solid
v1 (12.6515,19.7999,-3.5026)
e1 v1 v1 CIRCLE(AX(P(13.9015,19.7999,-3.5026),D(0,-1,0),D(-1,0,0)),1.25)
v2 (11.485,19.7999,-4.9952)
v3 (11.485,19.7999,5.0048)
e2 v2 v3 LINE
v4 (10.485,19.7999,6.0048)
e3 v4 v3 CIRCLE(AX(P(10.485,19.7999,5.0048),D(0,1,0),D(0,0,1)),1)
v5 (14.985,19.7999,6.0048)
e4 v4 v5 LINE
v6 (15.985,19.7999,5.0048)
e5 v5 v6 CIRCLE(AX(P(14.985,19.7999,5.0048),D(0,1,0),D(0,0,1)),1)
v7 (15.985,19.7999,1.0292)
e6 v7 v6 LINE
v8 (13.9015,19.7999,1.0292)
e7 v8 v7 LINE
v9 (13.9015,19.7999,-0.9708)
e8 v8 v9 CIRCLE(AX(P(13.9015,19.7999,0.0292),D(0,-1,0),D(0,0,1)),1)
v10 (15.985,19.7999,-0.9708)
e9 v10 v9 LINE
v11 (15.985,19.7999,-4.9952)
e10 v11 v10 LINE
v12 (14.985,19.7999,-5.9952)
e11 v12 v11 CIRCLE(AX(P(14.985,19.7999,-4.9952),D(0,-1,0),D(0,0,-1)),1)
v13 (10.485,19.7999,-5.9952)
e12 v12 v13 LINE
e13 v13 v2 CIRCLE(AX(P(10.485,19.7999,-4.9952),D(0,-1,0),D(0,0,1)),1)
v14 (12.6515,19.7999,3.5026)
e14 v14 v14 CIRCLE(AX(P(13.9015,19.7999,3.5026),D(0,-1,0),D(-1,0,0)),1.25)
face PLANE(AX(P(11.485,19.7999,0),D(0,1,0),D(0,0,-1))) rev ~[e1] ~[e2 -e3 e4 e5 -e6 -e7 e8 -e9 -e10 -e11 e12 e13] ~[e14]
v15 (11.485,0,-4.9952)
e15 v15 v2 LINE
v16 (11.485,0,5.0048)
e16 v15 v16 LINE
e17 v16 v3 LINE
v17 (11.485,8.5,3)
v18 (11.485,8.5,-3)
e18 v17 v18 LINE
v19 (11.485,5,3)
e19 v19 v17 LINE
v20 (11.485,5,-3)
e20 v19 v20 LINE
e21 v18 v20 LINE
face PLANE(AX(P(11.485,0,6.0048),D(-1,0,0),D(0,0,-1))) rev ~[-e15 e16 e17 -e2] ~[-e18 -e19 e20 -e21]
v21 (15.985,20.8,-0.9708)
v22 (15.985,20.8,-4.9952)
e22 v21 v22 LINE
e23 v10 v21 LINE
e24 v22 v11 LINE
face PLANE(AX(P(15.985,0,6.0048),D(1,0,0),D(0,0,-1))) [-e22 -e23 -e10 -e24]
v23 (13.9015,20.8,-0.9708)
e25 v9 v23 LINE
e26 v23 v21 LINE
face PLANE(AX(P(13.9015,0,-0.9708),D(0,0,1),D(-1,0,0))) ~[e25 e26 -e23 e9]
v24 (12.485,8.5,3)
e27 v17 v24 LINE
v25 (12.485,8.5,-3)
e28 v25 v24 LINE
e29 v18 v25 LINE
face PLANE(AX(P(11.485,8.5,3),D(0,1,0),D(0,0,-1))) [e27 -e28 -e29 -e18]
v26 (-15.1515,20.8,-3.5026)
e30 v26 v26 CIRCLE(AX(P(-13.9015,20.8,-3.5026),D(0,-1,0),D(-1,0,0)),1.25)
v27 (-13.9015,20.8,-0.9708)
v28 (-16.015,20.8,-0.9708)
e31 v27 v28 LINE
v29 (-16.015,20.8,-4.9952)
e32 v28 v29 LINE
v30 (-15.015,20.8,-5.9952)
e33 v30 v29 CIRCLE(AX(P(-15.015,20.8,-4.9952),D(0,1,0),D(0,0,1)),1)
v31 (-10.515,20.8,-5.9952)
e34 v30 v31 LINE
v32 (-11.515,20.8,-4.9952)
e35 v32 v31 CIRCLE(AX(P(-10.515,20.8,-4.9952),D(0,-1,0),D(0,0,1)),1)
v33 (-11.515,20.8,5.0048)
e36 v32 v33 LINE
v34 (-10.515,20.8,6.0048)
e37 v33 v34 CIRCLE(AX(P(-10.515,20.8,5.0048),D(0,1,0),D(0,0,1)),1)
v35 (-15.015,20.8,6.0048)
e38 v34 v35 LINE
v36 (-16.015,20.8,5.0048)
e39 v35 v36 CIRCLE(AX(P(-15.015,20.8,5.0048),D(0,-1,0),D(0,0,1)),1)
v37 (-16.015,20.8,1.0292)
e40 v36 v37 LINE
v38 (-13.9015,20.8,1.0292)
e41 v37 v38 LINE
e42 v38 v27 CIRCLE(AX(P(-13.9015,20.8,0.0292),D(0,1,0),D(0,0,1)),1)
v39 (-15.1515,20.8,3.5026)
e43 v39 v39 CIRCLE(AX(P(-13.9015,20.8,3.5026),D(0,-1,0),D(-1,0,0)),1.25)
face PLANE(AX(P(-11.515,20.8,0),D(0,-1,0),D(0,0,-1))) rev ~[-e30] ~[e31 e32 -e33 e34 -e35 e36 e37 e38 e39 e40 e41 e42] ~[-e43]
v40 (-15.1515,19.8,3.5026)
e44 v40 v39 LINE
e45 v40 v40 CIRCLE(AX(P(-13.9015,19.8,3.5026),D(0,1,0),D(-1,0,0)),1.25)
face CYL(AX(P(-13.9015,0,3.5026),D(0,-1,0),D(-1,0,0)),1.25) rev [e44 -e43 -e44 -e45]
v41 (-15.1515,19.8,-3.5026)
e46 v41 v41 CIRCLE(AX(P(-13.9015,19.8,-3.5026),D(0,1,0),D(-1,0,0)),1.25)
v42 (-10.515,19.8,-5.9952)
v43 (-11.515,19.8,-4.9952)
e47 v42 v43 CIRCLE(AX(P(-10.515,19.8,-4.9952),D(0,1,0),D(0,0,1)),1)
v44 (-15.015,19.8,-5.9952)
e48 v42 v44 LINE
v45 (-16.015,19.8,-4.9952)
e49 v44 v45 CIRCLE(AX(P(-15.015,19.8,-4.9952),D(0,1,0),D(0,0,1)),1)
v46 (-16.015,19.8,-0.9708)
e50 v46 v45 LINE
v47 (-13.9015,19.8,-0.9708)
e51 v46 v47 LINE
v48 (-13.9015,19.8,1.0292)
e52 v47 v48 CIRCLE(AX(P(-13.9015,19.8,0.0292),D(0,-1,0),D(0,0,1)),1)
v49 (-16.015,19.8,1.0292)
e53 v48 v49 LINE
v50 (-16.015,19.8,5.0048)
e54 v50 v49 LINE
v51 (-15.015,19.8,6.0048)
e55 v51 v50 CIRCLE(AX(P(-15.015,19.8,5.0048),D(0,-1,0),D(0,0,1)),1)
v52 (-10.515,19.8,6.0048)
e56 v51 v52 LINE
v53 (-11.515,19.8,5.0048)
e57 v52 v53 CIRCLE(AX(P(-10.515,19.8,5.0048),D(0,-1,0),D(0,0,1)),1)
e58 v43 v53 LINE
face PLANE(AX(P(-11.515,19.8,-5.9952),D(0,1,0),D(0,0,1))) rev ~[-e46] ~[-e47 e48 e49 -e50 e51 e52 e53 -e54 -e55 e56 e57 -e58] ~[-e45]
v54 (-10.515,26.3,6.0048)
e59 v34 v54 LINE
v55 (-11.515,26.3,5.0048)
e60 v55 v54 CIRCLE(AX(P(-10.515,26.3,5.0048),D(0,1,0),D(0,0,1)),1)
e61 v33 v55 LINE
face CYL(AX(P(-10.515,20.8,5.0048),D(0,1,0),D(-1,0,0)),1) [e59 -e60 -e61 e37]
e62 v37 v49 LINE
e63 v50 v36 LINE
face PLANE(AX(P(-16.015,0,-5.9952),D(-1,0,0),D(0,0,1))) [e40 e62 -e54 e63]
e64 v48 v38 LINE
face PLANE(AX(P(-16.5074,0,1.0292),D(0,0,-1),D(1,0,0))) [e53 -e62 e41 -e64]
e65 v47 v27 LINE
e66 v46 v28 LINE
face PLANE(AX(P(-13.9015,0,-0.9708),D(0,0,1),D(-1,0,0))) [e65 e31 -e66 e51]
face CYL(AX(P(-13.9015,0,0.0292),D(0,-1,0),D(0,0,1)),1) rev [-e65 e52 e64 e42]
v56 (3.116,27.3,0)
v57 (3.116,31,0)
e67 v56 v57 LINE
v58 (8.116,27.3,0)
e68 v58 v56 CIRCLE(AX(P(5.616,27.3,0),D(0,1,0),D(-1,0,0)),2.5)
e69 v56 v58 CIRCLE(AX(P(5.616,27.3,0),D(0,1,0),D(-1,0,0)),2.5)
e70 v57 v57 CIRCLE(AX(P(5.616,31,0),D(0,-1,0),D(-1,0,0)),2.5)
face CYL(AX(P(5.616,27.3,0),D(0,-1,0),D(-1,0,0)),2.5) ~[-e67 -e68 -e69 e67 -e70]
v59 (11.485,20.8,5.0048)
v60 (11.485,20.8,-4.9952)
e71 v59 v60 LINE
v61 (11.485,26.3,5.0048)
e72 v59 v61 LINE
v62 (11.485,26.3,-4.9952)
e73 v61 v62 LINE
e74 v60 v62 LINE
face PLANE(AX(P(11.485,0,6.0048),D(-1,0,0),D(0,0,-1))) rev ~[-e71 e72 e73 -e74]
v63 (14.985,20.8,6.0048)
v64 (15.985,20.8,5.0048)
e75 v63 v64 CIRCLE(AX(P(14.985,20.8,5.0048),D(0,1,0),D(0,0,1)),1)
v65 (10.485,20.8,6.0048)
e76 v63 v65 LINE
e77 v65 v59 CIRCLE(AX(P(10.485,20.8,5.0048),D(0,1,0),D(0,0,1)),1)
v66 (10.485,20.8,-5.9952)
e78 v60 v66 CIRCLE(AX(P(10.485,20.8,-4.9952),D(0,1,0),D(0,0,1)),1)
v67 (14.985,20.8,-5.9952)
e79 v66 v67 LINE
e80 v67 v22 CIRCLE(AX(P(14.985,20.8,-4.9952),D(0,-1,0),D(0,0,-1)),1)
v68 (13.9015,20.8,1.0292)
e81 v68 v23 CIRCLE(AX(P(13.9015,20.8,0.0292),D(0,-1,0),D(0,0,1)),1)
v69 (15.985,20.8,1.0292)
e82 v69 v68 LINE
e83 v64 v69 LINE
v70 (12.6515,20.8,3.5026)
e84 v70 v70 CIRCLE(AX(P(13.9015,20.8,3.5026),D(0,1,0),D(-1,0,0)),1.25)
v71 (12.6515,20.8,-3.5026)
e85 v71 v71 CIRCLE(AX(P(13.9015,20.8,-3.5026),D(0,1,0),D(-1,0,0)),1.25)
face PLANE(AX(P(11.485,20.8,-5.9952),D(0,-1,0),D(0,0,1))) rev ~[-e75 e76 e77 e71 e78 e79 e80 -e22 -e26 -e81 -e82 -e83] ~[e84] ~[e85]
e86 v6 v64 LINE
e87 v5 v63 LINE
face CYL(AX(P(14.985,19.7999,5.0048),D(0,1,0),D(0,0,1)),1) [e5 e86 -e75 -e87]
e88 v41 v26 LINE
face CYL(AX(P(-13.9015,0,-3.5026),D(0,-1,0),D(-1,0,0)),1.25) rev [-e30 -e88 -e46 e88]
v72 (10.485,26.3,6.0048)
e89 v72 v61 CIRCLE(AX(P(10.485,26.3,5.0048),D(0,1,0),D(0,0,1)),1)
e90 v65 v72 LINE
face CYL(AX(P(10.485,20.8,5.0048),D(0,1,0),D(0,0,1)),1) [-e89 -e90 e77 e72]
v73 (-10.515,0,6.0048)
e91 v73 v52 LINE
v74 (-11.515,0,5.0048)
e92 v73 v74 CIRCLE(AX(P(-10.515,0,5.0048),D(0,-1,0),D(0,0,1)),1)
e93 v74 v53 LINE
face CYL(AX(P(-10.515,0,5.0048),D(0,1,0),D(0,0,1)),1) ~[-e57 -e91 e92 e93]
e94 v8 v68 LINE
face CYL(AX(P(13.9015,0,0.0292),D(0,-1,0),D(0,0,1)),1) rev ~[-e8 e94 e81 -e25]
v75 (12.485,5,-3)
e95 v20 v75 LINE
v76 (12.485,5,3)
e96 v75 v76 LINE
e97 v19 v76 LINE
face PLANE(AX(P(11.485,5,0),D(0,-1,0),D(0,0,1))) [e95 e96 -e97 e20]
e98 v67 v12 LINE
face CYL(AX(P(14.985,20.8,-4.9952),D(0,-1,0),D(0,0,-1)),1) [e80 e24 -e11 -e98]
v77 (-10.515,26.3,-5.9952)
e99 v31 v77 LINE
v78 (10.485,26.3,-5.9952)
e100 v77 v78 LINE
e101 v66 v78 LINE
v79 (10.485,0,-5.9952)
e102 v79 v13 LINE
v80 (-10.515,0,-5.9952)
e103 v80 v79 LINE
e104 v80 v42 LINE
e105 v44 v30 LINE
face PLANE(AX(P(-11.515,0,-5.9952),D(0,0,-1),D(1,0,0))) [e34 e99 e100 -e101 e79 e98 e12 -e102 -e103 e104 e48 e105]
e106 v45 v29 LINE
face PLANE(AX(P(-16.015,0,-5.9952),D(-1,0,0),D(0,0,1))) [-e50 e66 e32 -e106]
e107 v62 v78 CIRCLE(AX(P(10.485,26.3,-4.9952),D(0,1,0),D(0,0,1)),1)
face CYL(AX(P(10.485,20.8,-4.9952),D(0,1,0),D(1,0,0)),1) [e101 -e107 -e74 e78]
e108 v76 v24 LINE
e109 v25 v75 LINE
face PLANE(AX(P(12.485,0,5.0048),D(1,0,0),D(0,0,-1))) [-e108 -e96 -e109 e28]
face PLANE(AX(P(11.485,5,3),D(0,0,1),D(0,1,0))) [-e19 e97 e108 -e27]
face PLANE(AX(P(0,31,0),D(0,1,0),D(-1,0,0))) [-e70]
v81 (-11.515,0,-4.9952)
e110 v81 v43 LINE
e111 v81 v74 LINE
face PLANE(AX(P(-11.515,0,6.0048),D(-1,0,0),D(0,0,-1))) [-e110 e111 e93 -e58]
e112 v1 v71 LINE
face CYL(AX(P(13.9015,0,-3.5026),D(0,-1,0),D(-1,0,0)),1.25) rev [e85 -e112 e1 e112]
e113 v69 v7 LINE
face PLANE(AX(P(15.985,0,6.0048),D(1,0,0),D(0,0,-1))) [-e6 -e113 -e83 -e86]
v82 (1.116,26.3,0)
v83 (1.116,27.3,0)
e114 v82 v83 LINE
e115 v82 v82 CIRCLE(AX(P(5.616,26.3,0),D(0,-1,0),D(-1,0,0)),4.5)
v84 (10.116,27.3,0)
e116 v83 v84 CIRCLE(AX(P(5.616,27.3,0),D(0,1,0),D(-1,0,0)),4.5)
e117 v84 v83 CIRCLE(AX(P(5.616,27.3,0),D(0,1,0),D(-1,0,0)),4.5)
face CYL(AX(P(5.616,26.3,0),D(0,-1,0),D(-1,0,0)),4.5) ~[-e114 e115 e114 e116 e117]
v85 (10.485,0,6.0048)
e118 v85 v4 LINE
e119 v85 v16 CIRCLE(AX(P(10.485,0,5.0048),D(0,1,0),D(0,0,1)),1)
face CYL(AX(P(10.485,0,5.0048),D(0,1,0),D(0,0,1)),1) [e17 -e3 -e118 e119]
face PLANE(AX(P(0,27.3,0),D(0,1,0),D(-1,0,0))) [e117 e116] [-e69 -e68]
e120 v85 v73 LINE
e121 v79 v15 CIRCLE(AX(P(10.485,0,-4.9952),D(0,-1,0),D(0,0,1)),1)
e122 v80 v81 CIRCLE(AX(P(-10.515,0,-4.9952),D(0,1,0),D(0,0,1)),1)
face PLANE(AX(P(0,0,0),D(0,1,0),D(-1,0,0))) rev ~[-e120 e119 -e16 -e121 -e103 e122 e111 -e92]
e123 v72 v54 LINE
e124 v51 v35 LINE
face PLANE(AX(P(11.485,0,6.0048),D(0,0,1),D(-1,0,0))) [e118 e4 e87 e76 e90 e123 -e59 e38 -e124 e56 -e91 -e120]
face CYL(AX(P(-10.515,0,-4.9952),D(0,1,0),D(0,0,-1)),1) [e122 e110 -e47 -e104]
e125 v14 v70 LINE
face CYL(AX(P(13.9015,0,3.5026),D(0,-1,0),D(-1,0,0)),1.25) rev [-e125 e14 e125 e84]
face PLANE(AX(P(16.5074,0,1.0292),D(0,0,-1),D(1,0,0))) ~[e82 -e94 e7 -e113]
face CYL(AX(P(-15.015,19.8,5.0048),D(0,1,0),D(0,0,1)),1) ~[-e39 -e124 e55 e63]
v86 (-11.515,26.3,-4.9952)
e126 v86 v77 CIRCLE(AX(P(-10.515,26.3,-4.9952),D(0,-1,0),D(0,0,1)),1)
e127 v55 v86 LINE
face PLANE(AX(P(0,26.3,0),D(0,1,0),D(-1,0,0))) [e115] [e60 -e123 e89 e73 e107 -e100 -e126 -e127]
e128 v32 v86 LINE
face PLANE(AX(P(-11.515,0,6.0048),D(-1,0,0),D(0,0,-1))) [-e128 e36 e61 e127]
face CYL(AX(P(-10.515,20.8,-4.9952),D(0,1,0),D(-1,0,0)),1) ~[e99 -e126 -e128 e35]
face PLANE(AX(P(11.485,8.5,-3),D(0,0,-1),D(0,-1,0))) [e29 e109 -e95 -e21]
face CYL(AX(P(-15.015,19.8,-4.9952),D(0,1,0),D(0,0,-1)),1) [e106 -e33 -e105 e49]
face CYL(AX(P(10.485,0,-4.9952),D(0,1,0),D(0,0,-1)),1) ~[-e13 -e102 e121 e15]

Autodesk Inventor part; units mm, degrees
ref_plane "YZ Plane" through (0, 0, 0) normal (1, 0, 0) x (0, 1, 0)
ref_plane "XZ Plane" through (0, 0, 0) normal (0, 1, 0) x (-1, 0, 0)
ref_plane "XY Plane" through (0, 0, 0) normal (0, 0, 1) x (1, 0, 0)
sketch "Sketch1" plane through (0, 0, 0) normal (0, 0, 1) x (1, 0, 0)
  line L0 (-35.5537, 46.3091) -> (69.62, 46.3091) construction
  line L1 (69.62, 46.3091) -> (69.62, -40.915) construction
  line L2 (69.62, -40.915) -> (-35.5537, -40.915) construction
  line L3 (-35.5537, -40.915) -> (-35.5537, 46.3091) construction
  line L4 (-11.5, -3.1187) -> (11.5, -3.1187)
  point P0 (0, 0)
  point P1 (0, 0)
  dimension "d19" = 23
sketch "Sketch5" plane through (0, 0, 0) normal (0, 1, 0) x (-1, 0, 0)
  line L0 (-51.6883, 69.5392) -> (52.6581, 69.5392) construction
  line L1 (52.6581, 69.5392) -> (52.6581, -16.9988) construction
  line L2 (52.6581, -16.9988) -> (-51.6883, -16.9988) construction
  line L3 (-51.6883, -16.9988) -> (-51.6883, 69.5392) construction
  line L4 (16, 8.395) -> (-16, 8.395)
  circle A0 centre (-5.616, 0) radius 2.5
  circle A1 centre (-5.616, 0) radius 4.5
  circle A2 centre (-13.9015, 3.5026) radius 1.25
  line L5 (-5.616, 0) -> (-20.9236, 0)
  circle A3 centre (-13.9015, -3.5026) radius 1.25
  line L6 (0, 0) -> (0, -9.2667)
  circle A4 centre (13.9015, 3.5026) radius 1.25
  circle A5 centre (13.9015, -3.5026) radius 1.25
  line L7 (13.9015, -3.5026) -> (13.9015, 3.5026)
  arc A6 (13.9015, 1.0292) -> (13.9015, -0.9708) centre (13.9015, 0.0292) ccw
  line L8 (13.9015, -0.9708) -> (16.5074, -0.9708)
  line L9 (16.5074, 1.0292) -> (13.9015, 1.0292)
  line L10 (16.5074, -0.9708) -> (16.5074, 1.0292)
  point P0 (0, 8.395)
  dimension "d30" = 32
  dimension "d57" = 9
  dimension "d58" = 5
  dimension "d63" = 2.5
  dimension "d83" = 2
  dimension "d84" = 1
sketch "Sketch6" plane through (0, 0, 0) normal (0, 1, 0) x (-1, 0, 0)
  line L0 (11.515, 6.0048) -> (11.515, -5.9952)
  line L1 (11.515, 0.0048) -> (-11.485, 0.0048)
  line L2 (11.515, -5.9952) -> (11.515, 6.0048)
  line L3 (-11.485, 6.0048) -> (-11.485, -5.9952)
  line L4 (11.515, -5.9952) -> (-11.485, -5.9952)
  line L5 (-11.485, 6.0048) -> (11.515, 6.0048)
  point P0 (0, 0)
  point P1 (9.3248, 11.448)
  point P2 (-11.485, 0.0048)
  dimension "d42" = 12
  dimension "d43" = 23
  dimension "d44" = 12
extrude "Extrusion1" add sketch "Sketch6" along normal blind 26.3
extrude "Extrusion2" add sketch "Sketch5" along normal blind 1 from surface at 26.3 contours A0 | A1
sketch "Sketch7" plane through (-11.515, 0, -5.9952) normal (-1, 0, 0) x (0, 0, 1)
  line L0 (5.9952, 0) -> (5.9952, 19.8)
  line L1 (5.9952, 19.8) -> (5.9952, 20.8)
  line L2 (0, 0) -> (0, 26.3) projected
  line L3 (0, 19.8) -> (12, 19.8)
  line L4 (12, 0) -> (12, 26.3) projected
  line L5 (12, 20.8) -> (0, 20.8)
  line L6 (0, 20.8) -> (0, 19.8)
  dimension "d49" = 19.8
  dimension "d50" = 1
extrude "Extrusion3" add sketch "Sketch7" along normal blind 4.5
sketch "Sketch8" plane through (11.485, 0, 6.0048) normal (1, 0, 0) x (0, 0, -1)
  line L0 (6.0048, 0) -> (6.0048, 19.8)
  line L1 (6.0048, 19.8) -> (6.0048, 20.8)
  line L2 (0, 0) -> (0, 26.3) projected
  line L3 (0, 19.7999) -> (12, 19.7999)
  line L4 (12, 20.8) -> (12, 19.8) projected
  line L5 (12, 19.7999) -> (12, 20.8)
  line L6 (12, 20.8) -> (0, 20.8)
  line L7 (0, 20.8) -> (0, 19.7999)
  dimension "d53" = 19.8
  dimension "d54" = 1
extrude "Extrusion4" add sketch "Sketch8" along normal blind 4.5
extrude "Extrusion5" add sketch "Sketch5" along normal blind 3.7 from surface at 27.3 contours A0
fillet "Fillet1" radius 1 12 edges at (11.485, 9.8999, 6.0048) (11.485, 9.8999, -5.9952) (-11.515, 9.9, -5.9952) (-11.515, 23.55, -5.9952) (-11.515, 23.55, 6.0048) (-11.515, 9.9, 6.0048) (-16.015, 20.3, 6.0048) (-16.015, 20.3, -5.9952) (11.485, 23.55, -5.9952) (15.985, 20.2999, -5.9952) (15.985, 20.2999, 6.0048) (11.485, 23.55, 6.0048)
extrude "Extrusion6" cut sketch "Sketch5" along normal up to surface (20.8 mm away) contours A2
extrude "Extrusion7" cut sketch "Sketch5" along normal up to surface (20.8 mm away) contours A3
extrude "Extrusion8" cut sketch "Sketch5" along normal up to surface (20.8 mm away) contours A4
extrude "Extrusion9" cut sketch "Sketch5" along normal up to surface (20.8 mm away) contours A5
sketch "Sketch9" plane through (11.485, 0, 5.0048) normal (1, 0, 0) x (0, 0, -1)
  line L0 (10, 26.3) -> (10, 20.8) projected
  line L1 (11, 0) -> (10, 0) projected
  line L2 (10, 26.3) -> (10, 0)
  line L3 (10, 19.7999) -> (10, 0) projected
  line L4 (0, 0) -> (0, 19.7999) projected
  line L5 (5.0048, 0) -> (5.0048, 5)
  line L6 (5.0048, 5) -> (5.0048, 8.5)
  line L7 (5.0048, 5) -> (8.0048, 5)
  line L8 (5.0048, 5) -> (2.0048, 5)
  line L9 (2.0048, 5) -> (2.0048, 8.5)
  line L10 (2.0048, 8.5) -> (8.0048, 8.5)
  line L11 (8.0048, 8.5) -> (8.0048, 5)
  dimension "d76" = 26.3
  dimension "d77" = 5
  dimension "d78" = 3.5
  dimension "d79" = 3
extrude "Extrusion10" add sketch "Sketch9" along normal blind 1
extrude "Extrusion11" cut sketch "Sketch5" along normal up to surface (20.8 mm away) contours L9 L10 L8 L7 | L7 A6
mirror "Spiegeln1" about plane through (0, 0, 0) normal (1, 0, 0) of "Extrusion11"
ref_plane "Arbeitsebene1" through (0, 0, 0) normal (1, 0, 0) x (0, 1, 0)
properties part number "servo_alzrc_ds452mg" material "Thermoplastic Resin"
